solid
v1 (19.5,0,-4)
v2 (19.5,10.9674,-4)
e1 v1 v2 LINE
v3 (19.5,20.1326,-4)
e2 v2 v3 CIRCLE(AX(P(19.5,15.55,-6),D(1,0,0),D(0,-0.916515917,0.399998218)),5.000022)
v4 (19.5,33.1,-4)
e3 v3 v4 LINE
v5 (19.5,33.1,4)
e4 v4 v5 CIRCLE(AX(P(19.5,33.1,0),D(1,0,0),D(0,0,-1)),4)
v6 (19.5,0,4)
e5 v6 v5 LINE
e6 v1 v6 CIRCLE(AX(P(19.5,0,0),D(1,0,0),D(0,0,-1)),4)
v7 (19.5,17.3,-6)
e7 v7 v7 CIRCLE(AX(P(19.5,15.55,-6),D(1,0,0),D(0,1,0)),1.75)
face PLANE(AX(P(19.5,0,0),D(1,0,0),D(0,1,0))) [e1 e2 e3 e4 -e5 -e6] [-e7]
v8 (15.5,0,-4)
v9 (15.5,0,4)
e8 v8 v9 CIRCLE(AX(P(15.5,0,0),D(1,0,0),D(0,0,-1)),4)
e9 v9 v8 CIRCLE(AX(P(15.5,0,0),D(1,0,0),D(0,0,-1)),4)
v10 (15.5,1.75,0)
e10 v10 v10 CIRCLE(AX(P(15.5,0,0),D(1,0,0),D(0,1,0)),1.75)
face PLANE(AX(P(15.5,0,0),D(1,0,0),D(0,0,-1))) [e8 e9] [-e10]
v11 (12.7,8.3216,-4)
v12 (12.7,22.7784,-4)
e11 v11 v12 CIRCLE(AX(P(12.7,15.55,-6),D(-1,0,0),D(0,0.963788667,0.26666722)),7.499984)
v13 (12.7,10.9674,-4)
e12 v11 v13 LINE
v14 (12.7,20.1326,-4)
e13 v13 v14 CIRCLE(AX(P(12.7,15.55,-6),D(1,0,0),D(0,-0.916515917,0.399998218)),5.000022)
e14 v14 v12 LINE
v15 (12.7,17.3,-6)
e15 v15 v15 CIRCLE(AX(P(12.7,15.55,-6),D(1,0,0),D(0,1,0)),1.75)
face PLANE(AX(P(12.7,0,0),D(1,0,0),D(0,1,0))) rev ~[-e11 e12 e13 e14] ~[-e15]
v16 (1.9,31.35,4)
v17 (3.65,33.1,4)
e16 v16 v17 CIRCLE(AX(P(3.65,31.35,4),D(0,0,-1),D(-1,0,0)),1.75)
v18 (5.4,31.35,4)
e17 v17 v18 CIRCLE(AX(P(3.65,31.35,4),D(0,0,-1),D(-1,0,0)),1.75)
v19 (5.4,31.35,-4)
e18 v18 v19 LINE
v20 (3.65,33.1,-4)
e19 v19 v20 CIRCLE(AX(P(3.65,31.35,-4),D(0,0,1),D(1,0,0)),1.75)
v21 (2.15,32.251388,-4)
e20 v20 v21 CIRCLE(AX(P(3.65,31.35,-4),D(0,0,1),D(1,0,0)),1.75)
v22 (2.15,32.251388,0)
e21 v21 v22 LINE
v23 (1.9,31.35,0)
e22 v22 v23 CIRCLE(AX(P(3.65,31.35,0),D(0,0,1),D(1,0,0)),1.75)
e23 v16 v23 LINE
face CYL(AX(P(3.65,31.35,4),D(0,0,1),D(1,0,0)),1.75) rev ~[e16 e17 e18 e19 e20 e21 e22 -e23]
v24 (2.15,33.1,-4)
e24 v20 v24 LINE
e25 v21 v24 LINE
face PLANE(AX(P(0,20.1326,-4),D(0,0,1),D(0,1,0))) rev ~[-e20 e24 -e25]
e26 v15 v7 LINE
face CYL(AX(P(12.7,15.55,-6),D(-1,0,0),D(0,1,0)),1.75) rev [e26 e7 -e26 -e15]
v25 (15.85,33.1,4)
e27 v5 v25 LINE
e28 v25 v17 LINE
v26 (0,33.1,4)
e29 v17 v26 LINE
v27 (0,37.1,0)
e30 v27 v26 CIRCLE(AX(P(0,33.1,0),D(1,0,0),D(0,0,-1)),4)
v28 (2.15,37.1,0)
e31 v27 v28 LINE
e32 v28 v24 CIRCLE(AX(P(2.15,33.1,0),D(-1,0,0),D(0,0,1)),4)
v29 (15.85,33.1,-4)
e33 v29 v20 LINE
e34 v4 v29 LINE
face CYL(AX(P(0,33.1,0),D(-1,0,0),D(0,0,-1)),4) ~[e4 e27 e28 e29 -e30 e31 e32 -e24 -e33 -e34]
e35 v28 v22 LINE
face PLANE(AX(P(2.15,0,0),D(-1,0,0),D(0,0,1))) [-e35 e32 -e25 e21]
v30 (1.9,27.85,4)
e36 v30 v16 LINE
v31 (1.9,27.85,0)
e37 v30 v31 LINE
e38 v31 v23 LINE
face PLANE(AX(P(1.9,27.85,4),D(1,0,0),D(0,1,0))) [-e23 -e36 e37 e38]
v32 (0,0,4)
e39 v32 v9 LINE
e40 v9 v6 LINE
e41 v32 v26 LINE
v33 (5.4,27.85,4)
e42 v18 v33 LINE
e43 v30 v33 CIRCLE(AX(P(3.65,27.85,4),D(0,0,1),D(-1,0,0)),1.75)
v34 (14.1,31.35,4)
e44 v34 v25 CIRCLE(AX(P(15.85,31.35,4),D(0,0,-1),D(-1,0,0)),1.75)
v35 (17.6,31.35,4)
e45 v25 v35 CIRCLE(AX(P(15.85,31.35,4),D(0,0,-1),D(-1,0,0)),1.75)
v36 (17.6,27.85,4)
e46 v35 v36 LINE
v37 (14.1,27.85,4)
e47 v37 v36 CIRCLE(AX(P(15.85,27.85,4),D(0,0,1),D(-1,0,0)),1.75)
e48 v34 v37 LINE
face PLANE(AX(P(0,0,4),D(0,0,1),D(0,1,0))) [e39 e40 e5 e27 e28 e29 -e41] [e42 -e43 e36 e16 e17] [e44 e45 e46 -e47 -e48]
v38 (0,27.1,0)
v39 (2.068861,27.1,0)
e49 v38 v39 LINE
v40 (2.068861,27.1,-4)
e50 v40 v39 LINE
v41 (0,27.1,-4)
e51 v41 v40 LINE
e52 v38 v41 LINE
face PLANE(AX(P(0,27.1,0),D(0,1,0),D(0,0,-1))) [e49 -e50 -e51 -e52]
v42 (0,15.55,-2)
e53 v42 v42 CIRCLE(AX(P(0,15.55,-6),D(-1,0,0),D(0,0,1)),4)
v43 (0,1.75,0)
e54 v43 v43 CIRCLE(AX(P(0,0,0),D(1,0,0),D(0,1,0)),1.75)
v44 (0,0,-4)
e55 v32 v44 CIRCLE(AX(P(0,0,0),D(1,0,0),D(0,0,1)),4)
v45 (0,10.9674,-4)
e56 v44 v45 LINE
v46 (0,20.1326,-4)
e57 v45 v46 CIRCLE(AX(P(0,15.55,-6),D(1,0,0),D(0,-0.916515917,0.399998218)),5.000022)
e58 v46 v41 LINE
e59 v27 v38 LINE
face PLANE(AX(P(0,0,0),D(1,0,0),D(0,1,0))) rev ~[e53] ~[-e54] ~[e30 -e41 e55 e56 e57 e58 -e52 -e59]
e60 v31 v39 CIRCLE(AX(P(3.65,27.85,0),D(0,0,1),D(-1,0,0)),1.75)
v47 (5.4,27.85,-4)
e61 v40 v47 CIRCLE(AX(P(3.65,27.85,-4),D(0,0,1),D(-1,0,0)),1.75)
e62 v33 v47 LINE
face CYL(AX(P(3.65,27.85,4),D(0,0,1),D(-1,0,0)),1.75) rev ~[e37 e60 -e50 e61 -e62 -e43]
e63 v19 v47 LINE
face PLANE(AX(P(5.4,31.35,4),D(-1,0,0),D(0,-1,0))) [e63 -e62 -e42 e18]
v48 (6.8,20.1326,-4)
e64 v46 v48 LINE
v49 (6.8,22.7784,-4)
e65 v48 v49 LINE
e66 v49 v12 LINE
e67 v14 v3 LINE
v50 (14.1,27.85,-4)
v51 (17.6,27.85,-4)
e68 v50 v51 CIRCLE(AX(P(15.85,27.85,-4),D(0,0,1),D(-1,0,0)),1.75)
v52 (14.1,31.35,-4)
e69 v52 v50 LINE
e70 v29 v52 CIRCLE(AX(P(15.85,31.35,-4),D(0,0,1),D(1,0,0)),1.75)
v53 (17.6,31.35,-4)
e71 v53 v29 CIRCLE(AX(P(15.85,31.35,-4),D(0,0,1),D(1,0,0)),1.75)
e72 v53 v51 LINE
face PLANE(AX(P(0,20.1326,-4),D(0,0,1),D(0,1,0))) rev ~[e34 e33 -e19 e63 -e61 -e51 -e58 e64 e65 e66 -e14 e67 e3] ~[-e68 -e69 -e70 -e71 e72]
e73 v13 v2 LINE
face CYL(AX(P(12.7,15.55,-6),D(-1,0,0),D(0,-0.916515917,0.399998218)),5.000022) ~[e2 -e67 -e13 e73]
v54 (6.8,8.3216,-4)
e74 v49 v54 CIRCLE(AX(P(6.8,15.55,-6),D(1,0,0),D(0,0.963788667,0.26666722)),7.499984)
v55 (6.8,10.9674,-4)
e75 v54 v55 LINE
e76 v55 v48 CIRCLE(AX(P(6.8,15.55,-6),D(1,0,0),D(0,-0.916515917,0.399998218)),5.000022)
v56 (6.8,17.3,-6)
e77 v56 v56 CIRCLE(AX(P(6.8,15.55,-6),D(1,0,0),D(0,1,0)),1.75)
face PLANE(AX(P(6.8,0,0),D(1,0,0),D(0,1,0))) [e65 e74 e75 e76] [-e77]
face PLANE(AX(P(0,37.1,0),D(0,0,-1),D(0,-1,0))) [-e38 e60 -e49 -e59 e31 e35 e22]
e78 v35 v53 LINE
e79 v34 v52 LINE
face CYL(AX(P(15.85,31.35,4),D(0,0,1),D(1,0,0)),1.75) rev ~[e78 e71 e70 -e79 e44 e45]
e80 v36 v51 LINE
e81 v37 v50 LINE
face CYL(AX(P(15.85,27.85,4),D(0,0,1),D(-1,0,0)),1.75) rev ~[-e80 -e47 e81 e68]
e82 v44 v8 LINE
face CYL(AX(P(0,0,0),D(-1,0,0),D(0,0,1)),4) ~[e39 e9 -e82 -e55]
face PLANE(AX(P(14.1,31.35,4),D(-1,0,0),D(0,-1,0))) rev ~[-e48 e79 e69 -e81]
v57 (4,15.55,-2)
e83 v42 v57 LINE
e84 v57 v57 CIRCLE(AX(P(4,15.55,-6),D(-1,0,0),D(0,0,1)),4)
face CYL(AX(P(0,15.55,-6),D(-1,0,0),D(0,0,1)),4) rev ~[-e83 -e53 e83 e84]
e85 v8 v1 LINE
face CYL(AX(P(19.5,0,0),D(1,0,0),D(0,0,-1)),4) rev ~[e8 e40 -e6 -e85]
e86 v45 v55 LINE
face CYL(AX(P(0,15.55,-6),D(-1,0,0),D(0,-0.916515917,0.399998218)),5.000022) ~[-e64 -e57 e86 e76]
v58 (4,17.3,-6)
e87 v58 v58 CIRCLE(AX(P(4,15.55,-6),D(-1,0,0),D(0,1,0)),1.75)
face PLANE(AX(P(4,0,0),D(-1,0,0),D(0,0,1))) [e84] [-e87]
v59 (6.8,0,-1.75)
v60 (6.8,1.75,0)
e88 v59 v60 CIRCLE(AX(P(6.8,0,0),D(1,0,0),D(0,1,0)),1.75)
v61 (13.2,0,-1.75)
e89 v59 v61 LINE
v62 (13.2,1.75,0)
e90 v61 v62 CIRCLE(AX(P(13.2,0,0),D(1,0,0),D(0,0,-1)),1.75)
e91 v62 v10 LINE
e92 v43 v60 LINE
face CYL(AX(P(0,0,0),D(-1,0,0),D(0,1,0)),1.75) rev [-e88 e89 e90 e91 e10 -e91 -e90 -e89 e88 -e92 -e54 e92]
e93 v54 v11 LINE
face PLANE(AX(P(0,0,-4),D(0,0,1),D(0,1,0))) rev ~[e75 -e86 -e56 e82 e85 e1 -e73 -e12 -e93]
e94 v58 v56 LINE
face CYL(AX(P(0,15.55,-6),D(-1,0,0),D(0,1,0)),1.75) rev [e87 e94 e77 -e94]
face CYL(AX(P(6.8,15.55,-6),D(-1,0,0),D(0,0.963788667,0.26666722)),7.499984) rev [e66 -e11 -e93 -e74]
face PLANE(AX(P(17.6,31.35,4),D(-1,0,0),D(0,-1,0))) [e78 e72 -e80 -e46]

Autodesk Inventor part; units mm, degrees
ref_plane "XZ Plane" through (0, 0, 0) normal (0, 1, 0) x (-1, 0, 0)
ref_plane "XY Plane" through (0, 0, 0) normal (0, 0, 1) x (1, 0, 0)
sketch "Sketch1" plane through (0, 0, 0) normal (1, 0, 0) x (0, 1, 0)
  circle A0 centre (0, 0) radius 1.75
  arc A1 (0, 4) -> (0, -4) centre (0, 0) ccw
  line L0 (0, 0) -> (15.55, 0) construction
  line L1 (15.55, -4) -> (15.55, -6) construction
  line L2 (15.55, 0) -> (33.1, 0) construction
  arc A2 (33.1, -4) -> (33.1, 4) centre (33.1, 0) ccw
  line L3 (0, 4) -> (33.1, 4)
  arc A3 (10.9674, -4) -> (20.1326, -4) centre (15.55, -6) ccw
  circle A4 centre (15.55, -6) radius 1.75
  line L4 (0, -4) -> (10.9674, -4)
  line L5 (20.1326, -4) -> (33.1, -4)
  dimension "d0" = 3.5
  dimension "d1" = 8
  dimension "d2" = 15.55
  dimension "d4" = 17.55
  dimension "d5" = 8
  dimension "d6" = 10
  dimension "d7" = 10
  dimension "d9" = 3.5
  dimension "d37" = 15.55
extrude "Extrusion1" add sketch "Sketch1" along normal blind 6.8
sketch "Sketch2" plane through (6.8, 0, 0) normal (1, 0, 0) x (0, 0, -1)
  line L0 (0, 15.55) -> (6, 15.55) construction
  arc A0 (4, 22.7784) -> (4, 8.3216) centre (6, 15.55) ccw
  arc A1 (-4, 0) -> (4, 0) centre (0, 0) ccw construction
  line L1 (4, 0) -> (4, 8.3216) construction
  arc A2 (4, 33.1) -> (-4, 33.1) centre (0, 33.1) ccw construction
  line L2 (4, 22.7784) -> (4, 33.1) construction
  circle A3 centre (0, 0) radius 1.75
  arc A4 (-4, 0) -> (4, 0) centre (0, 0) ccw
  arc A5 (4, 33.1) -> (-4, 33.1) centre (0, 33.1) ccw
  line L3 (-4, 33.1) -> (-4, 0)
  line L4 (4, 0) -> (4, 8.3216)
  line L5 (-4, 33.1) -> (-4, 0) projected
  line L6 (4, 22.7784) -> (4, 33.1)
  dimension "d12" = 15.55
  dimension "d14" = 15
  dimension "d39" = 10
extrude "Extrusion2" add sketch "Sketch2" along normal blind 6.4
ref_plane "Work Plane1" through (12.7, 0, 0) normal (1, 0, 0) x (0, 1, 0)
sketch "Sketch3" plane through (12.7, 0, 0) normal (1, 0, 0) x (0, 1, 0)
  circle A0 centre (0, 0) radius 1.75
  arc A1 (0, 4) -> (0, -4) centre (0, 0) ccw
  line L0 (0, 0) -> (15.55, 0) construction
  line L1 (15.55, -4) -> (15.55, -6) construction
  line L2 (15.55, 0) -> (33.1, 0) construction
  arc A2 (33.1, -4) -> (33.1, 4) centre (33.1, 0) ccw
  line L3 (0, 4) -> (33.1, 4)
  arc A3 (10.9674, -4) -> (20.1326, -4) centre (15.55, -6) ccw
  circle A4 centre (15.55, -6) radius 1.75
  line L4 (0, -4) -> (10.9674, -4)
  line L5 (20.1326, -4) -> (33.1, -4)
  dimension "d18" = 3.5
  dimension "d19" = 8
  dimension "d20" = 15.55
  dimension "d21" = 17.55
  dimension "d22" = 8
  dimension "d23" = 10
  dimension "d24" = 10
  dimension "d26" = 3.5
  dimension "d38" = 15.55
extrude "Extrusion3" add sketch "Sketch3" along normal blind 6.8
sketch "Sketch4" plane through (0, 0, 4) normal (0, 0, 1) x (1, 0, 0)
  arc A0 (5.4, 31.35) -> (1.9, 31.35) centre (3.65, 31.35) ccw
  arc A1 (17.6, 31.35) -> (14.1, 31.35) centre (15.85, 31.35) ccw
  line L0 (0, 33.1) -> (0, 0) projected
  line L1 (0, 33.1) -> (19.5, 33.1) projected
  line L2 (19.5, 33.1) -> (19.5, 0) projected
  arc A2 (14.1, 27.85) -> (17.6, 27.85) centre (15.85, 27.85) ccw
  arc A3 (1.9, 27.85) -> (5.4, 27.85) centre (3.65, 27.85) ccw
  line L3 (17.6, 31.35) -> (17.6, 27.85)
  line L4 (14.1, 31.35) -> (14.1, 27.85)
  line L5 (5.4, 31.35) -> (5.4, 27.85)
  line L6 (1.9, 27.85) -> (1.9, 31.35)
  line L7 (0, 20.1326) -> (0, 33.1) projected
  dimension "d29" = 3.5
  dimension "d30" = 3.5
  dimension "d31" = 3.65
  dimension "d32" = 3.65
  dimension "d47" = 3.5
  dimension "d48" = 3.5
  dimension "d49" = 3.65
  dimension "d50" = 3.65
extrude "Extrusion5" cut sketch "Sketch4" against normal blind 8
sketch "Sketch5" plane through (0, 0, 0) normal (-1, 0, 0) x (0, 0, 1)
  arc A0 (4, 33.1) -> (-4, 33.1) centre (0, 33.1) ccw projected
  line L0 (0, 37.1) -> (0, 27.1)
  line L1 (0, 27.1) -> (-4, 27.1)
  line L2 (-4, 20.1326) -> (-4, 33.1) projected
  point P0 (0, 0)
  dimension "d40" = 10
  dimension "d41" = 4
extrude "Extrusion6" cut sketch "Sketch5" against normal blind 2.15
sketch "Sketch6" plane through (19.5, 0, 0) normal (1, 0, 0) x (0, 0, -1)
  point P0 (0, 0)
sketch "Sketch7" plane through (19.5, 0, 0) normal (1, 0, 0) x (0, 0, -1)
  circle A0 centre (0, 0) radius 4
  dimension "d44" = 8
extrude "Extrusion7" cut sketch "Sketch7" against normal blind 4
sketch "Sketch8" plane through (0, 0, 0) normal (-1, 0, 0) x (0, 0, 1)
  arc A0 (-4, 20.1326) -> (-4, 10.9674) centre (-6, 15.55) ccw projected
  circle A1 centre (-6, 15.55) radius 4
  point P0 (0, 0)
  dimension "d51" = 8
extrude "Extrusion8" cut sketch "Sketch8" against normal blind 4
properties part number "armv2"
